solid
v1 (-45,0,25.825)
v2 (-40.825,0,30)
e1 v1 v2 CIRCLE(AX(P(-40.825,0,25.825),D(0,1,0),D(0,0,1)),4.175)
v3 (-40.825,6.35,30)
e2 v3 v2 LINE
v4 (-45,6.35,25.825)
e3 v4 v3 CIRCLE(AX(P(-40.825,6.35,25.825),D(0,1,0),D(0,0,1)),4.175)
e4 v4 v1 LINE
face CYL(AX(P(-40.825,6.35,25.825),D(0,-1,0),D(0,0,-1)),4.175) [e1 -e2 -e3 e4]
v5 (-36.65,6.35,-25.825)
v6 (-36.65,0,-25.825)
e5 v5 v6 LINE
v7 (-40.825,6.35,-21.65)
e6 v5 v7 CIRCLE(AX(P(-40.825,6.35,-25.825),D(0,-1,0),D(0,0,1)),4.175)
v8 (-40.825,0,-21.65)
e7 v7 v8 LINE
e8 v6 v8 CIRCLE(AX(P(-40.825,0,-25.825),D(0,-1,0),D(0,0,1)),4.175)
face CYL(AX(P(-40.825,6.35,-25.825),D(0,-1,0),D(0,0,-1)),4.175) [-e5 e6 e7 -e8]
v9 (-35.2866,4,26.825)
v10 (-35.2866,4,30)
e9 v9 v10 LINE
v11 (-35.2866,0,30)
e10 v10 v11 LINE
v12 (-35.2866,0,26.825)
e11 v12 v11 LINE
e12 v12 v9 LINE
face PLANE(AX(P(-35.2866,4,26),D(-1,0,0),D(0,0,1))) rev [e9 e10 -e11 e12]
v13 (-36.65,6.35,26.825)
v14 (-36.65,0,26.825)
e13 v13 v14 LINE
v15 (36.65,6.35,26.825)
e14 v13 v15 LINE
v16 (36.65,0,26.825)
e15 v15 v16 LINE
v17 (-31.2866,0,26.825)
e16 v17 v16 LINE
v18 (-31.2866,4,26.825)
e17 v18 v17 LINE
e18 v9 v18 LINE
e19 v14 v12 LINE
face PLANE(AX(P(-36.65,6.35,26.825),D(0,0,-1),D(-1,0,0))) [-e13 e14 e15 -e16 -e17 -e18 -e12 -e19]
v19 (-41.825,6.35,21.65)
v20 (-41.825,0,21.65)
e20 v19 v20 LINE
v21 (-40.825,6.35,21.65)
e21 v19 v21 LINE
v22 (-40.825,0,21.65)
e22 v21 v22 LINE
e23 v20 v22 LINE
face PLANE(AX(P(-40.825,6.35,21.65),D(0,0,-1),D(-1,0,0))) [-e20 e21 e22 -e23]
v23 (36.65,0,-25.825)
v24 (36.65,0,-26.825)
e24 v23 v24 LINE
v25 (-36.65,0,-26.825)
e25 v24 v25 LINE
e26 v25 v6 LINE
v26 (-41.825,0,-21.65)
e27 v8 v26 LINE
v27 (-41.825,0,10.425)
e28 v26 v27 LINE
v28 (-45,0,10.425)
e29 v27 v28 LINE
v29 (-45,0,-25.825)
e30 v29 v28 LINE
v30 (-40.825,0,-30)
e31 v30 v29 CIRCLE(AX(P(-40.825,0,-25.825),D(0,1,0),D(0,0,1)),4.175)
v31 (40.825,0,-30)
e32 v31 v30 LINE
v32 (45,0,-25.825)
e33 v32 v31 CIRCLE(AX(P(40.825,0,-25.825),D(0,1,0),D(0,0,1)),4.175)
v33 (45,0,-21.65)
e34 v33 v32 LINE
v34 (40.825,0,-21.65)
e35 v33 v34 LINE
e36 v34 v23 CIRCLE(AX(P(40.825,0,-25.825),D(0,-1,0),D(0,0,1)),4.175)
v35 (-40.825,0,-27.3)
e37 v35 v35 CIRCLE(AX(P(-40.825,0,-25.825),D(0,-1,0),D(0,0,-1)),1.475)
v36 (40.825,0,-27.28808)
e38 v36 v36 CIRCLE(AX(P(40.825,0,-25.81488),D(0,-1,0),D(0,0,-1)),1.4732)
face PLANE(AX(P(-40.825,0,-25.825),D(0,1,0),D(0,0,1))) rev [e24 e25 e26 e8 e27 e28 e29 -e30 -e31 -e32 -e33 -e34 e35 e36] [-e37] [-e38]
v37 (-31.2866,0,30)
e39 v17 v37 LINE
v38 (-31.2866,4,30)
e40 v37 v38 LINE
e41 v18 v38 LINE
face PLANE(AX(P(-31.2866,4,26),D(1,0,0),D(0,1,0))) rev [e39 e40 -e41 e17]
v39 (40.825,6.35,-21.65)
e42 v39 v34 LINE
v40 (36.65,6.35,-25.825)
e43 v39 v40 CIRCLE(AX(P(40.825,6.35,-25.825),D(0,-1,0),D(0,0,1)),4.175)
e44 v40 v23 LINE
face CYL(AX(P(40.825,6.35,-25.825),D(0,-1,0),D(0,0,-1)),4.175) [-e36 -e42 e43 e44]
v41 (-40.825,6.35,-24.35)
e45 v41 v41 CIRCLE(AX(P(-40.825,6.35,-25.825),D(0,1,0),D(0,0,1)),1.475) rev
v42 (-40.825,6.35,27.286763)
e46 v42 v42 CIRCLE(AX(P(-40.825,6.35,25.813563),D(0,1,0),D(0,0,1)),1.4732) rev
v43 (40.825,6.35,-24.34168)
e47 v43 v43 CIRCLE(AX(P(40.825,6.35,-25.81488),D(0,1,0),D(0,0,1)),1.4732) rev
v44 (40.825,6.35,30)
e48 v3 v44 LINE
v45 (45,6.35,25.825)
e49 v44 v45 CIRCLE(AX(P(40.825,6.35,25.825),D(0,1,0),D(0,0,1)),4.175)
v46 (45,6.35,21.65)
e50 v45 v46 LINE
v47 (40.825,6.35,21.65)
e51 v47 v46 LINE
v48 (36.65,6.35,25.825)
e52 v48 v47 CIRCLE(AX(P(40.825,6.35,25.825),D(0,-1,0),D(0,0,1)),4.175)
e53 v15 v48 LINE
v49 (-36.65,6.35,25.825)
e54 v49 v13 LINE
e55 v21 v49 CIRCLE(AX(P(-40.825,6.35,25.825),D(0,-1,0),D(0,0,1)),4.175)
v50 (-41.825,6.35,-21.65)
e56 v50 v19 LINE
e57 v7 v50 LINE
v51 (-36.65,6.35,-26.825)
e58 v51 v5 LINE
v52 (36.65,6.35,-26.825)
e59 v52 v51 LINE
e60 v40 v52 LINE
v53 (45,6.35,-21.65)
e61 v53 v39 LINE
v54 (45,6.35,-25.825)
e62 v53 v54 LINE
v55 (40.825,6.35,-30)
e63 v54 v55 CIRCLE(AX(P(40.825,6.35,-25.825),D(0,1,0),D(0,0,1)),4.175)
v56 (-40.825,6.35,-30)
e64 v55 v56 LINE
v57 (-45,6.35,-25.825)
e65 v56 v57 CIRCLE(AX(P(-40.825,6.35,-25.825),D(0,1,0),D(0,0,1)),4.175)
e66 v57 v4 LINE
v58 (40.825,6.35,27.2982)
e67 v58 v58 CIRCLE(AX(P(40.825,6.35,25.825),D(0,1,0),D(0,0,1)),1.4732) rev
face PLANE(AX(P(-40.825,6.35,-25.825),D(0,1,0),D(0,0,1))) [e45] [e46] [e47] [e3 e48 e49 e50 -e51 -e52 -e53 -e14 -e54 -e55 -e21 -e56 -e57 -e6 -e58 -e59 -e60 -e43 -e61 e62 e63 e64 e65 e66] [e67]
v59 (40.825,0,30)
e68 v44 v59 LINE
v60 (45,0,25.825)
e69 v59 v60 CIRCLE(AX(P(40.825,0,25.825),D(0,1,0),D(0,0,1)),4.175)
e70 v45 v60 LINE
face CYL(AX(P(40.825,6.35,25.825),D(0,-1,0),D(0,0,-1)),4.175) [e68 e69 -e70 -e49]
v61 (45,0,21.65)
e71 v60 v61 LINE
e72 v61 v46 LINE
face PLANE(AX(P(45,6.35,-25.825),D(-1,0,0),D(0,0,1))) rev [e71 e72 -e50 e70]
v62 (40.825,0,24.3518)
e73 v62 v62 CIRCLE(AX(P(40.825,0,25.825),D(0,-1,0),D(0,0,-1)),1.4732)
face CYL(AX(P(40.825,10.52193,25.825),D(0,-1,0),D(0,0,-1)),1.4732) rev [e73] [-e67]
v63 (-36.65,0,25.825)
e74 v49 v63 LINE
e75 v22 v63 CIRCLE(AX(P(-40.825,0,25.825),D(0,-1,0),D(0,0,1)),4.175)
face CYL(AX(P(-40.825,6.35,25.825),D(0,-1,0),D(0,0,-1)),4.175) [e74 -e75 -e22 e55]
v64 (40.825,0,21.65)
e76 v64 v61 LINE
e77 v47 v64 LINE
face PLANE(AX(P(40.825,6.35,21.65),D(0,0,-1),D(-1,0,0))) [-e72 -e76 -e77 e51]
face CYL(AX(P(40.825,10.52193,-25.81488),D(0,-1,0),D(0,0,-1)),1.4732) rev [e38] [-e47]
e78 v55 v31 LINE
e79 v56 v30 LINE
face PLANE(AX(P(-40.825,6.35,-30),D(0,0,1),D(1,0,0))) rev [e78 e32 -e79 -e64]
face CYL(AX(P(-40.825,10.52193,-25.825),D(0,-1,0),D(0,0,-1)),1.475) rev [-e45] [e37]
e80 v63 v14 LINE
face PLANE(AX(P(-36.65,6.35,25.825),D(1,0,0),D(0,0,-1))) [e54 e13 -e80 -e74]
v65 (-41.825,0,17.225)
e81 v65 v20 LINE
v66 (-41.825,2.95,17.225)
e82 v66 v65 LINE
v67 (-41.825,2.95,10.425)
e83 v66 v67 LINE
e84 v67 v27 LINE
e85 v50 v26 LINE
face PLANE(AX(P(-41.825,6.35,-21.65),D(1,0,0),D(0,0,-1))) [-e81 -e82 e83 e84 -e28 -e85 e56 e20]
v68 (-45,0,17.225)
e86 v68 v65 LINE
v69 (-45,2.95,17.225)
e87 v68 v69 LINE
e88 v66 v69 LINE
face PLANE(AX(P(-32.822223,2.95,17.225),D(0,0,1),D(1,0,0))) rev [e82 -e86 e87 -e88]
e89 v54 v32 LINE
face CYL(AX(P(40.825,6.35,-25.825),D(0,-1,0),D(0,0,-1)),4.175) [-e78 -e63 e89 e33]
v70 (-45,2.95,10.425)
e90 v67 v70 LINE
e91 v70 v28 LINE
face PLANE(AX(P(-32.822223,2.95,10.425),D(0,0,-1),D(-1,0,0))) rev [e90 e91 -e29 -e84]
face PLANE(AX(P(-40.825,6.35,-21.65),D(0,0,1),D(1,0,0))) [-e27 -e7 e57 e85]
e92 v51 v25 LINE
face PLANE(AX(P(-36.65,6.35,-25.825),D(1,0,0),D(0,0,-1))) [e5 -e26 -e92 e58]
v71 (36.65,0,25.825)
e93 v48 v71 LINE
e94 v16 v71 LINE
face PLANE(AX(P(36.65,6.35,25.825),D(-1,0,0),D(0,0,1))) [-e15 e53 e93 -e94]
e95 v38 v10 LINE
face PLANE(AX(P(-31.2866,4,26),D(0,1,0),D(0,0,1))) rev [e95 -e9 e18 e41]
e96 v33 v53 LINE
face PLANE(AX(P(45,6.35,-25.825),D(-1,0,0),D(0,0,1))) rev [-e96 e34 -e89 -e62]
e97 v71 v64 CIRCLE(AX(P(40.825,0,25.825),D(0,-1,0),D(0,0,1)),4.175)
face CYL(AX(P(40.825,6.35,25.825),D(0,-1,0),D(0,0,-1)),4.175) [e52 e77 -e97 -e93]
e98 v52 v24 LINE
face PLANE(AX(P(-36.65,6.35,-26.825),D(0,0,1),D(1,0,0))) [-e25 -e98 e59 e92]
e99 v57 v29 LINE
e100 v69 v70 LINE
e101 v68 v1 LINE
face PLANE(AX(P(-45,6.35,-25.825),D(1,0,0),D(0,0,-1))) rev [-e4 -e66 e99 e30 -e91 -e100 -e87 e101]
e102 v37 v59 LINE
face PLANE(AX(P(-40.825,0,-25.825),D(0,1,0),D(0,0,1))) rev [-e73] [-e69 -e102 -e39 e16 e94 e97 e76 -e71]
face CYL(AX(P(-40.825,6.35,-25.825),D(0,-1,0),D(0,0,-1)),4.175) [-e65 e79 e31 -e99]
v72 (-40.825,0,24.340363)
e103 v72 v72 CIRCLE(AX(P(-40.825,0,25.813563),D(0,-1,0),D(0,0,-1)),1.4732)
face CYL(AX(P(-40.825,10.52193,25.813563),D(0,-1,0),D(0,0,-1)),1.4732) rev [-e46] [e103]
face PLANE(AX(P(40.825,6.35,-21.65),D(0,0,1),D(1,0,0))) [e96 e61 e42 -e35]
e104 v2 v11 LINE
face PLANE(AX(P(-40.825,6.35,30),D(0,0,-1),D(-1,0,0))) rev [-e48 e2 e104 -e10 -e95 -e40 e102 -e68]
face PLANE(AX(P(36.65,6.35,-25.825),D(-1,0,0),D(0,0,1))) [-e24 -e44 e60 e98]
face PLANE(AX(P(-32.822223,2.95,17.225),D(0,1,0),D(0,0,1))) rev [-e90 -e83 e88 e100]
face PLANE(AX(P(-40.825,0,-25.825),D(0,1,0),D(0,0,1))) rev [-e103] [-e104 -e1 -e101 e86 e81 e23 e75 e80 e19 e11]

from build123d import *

# Parameters (mm, degrees)
BOSS_EXTRUDE3_DEPTH = 6.35
SKETCH5_W           = 6.8
SKETCH5_H           = 5.9
CUT_EXTRUDE3_DEPTH  = 3.175
SKETCH7_R           = 1.475
SKETCH7_R_2         = 1.4732
CUT_EXTRUDE5_DEPTH  = 6.35
SKETCH8_W           = 3.175
SKETCH8_H           = 43.3
CUT_EXTRUDE6_DEPTH  = 10
SKETCH9_W           = 4
SKETCH9_H           = 4
CUT_EXTRUDE8_DEPTH  = 4


with BuildPart() as part:
    # Sketch2 → Boss-Extrude3 (new body)
    with BuildSketch(Plane(origin=(0, 0, 0), x_dir=(1, 0, 0), z_dir=(0, 1, 0))):
        with BuildLine():
            Line((-45, 25.825), (-45, -25.825))
            ThreePointArc((-45, -25.825), (-43.777170811, -28.777170811), (-40.825, -30))
            Line((-40.825, -30), (40.825, -30))
            ThreePointArc((40.825, -30), (43.777170811, -28.777170811), (45, -25.825))
            Line((45, -25.825), (45, 25.825))
            ThreePointArc((45, 25.825), (43.777170811, 28.777170811), (40.825, 30))
            Line((40.825, 30), (-40.825, 30))
            ThreePointArc((-40.825, 30), (-43.777170811, 28.777170811), (-45, 25.825))
        make_face()
        with BuildLine():
            Line((40.825, 21.65), (41.825, 21.65))
            Line((41.825, 21.65), (41.825, -21.65))
            Line((41.825, -21.65), (40.825, -21.65))
            ThreePointArc((40.825, -21.65), (37.872829189, -22.872829189), (36.65, -25.825))
            Line((36.65, -25.825), (36.65, -26.825))
            Line((36.65, -26.825), (-36.65, -26.825))
            Line((-36.65, -26.825), (-36.65, -25.825))
            ThreePointArc((-36.65, -25.825), (-37.872829189, -22.872829189), (-40.825, -21.65))
            Line((-40.825, -21.65), (-41.825, -21.65))
            Line((-41.825, -21.65), (-41.825, 21.65))
            Line((-41.825, 21.65), (-40.825, 21.65))
            ThreePointArc((-40.825, 21.65), (-37.872829189, 22.872829189), (-36.65, 25.825))
            Line((-36.65, 25.825), (-36.65, 26.825))
            Line((-36.65, 26.825), (36.65, 26.825))
            Line((36.65, 26.825), (36.65, 25.825))
            ThreePointArc((36.65, 25.825), (37.872829189, 22.872829189), (40.825, 21.65))
        make_face(mode=Mode.SUBTRACT)
    extrude(amount=BOSS_EXTRUDE3_DEPTH)

    # Sketch5 → Cut-Extrude3 (cut)
    with BuildSketch(Plane.ZY.offset(45)):
        with Locations((13.825, 0)):
            Rectangle(SKETCH5_W, SKETCH5_H)
    extrude(amount=-CUT_EXTRUDE3_DEPTH, mode=Mode.SUBTRACT)

    # Sketch7 → Cut-Extrude5 (cut)
    with BuildSketch(Plane.XZ):
        with Locations(Location((-40.825, -25.825, 0), (0, 0, 270))):
            Circle(SKETCH7_R)
        with Locations(Location((-40.825, 25.81356336, 0), (0, 0, 270))):
            Circle(SKETCH7_R_2)
        with Locations(Location((40.825, 25.825, 0), (0, 0, 270))):
            Circle(SKETCH7_R_2)
        with Locations(Location((40.825, -25.81487963, 0), (0, 0, 270))):
            Circle(SKETCH7_R_2)
    extrude(amount=-CUT_EXTRUDE5_DEPTH, mode=Mode.SUBTRACT)

    # Sketch8 → Cut-Extrude6 (cut)
    with BuildSketch(Plane(origin=(0, 6.35, 0), x_dir=(1, 0, 0), z_dir=(0, 1, 0))):
        with Locations((43.4125, 0)):
            Rectangle(SKETCH8_W, SKETCH8_H)
    extrude(amount=-CUT_EXTRUDE6_DEPTH, mode=Mode.SUBTRACT)

    # Sketch9 → Cut-Extrude8 (cut)
    with BuildSketch(Plane.XY.offset(30)):
        with Locations((-33.2866, 2)):
            Rectangle(SKETCH9_W, SKETCH9_H)
    extrude(amount=-CUT_EXTRUDE8_DEPTH, mode=Mode.SUBTRACT)


solid = part.part
